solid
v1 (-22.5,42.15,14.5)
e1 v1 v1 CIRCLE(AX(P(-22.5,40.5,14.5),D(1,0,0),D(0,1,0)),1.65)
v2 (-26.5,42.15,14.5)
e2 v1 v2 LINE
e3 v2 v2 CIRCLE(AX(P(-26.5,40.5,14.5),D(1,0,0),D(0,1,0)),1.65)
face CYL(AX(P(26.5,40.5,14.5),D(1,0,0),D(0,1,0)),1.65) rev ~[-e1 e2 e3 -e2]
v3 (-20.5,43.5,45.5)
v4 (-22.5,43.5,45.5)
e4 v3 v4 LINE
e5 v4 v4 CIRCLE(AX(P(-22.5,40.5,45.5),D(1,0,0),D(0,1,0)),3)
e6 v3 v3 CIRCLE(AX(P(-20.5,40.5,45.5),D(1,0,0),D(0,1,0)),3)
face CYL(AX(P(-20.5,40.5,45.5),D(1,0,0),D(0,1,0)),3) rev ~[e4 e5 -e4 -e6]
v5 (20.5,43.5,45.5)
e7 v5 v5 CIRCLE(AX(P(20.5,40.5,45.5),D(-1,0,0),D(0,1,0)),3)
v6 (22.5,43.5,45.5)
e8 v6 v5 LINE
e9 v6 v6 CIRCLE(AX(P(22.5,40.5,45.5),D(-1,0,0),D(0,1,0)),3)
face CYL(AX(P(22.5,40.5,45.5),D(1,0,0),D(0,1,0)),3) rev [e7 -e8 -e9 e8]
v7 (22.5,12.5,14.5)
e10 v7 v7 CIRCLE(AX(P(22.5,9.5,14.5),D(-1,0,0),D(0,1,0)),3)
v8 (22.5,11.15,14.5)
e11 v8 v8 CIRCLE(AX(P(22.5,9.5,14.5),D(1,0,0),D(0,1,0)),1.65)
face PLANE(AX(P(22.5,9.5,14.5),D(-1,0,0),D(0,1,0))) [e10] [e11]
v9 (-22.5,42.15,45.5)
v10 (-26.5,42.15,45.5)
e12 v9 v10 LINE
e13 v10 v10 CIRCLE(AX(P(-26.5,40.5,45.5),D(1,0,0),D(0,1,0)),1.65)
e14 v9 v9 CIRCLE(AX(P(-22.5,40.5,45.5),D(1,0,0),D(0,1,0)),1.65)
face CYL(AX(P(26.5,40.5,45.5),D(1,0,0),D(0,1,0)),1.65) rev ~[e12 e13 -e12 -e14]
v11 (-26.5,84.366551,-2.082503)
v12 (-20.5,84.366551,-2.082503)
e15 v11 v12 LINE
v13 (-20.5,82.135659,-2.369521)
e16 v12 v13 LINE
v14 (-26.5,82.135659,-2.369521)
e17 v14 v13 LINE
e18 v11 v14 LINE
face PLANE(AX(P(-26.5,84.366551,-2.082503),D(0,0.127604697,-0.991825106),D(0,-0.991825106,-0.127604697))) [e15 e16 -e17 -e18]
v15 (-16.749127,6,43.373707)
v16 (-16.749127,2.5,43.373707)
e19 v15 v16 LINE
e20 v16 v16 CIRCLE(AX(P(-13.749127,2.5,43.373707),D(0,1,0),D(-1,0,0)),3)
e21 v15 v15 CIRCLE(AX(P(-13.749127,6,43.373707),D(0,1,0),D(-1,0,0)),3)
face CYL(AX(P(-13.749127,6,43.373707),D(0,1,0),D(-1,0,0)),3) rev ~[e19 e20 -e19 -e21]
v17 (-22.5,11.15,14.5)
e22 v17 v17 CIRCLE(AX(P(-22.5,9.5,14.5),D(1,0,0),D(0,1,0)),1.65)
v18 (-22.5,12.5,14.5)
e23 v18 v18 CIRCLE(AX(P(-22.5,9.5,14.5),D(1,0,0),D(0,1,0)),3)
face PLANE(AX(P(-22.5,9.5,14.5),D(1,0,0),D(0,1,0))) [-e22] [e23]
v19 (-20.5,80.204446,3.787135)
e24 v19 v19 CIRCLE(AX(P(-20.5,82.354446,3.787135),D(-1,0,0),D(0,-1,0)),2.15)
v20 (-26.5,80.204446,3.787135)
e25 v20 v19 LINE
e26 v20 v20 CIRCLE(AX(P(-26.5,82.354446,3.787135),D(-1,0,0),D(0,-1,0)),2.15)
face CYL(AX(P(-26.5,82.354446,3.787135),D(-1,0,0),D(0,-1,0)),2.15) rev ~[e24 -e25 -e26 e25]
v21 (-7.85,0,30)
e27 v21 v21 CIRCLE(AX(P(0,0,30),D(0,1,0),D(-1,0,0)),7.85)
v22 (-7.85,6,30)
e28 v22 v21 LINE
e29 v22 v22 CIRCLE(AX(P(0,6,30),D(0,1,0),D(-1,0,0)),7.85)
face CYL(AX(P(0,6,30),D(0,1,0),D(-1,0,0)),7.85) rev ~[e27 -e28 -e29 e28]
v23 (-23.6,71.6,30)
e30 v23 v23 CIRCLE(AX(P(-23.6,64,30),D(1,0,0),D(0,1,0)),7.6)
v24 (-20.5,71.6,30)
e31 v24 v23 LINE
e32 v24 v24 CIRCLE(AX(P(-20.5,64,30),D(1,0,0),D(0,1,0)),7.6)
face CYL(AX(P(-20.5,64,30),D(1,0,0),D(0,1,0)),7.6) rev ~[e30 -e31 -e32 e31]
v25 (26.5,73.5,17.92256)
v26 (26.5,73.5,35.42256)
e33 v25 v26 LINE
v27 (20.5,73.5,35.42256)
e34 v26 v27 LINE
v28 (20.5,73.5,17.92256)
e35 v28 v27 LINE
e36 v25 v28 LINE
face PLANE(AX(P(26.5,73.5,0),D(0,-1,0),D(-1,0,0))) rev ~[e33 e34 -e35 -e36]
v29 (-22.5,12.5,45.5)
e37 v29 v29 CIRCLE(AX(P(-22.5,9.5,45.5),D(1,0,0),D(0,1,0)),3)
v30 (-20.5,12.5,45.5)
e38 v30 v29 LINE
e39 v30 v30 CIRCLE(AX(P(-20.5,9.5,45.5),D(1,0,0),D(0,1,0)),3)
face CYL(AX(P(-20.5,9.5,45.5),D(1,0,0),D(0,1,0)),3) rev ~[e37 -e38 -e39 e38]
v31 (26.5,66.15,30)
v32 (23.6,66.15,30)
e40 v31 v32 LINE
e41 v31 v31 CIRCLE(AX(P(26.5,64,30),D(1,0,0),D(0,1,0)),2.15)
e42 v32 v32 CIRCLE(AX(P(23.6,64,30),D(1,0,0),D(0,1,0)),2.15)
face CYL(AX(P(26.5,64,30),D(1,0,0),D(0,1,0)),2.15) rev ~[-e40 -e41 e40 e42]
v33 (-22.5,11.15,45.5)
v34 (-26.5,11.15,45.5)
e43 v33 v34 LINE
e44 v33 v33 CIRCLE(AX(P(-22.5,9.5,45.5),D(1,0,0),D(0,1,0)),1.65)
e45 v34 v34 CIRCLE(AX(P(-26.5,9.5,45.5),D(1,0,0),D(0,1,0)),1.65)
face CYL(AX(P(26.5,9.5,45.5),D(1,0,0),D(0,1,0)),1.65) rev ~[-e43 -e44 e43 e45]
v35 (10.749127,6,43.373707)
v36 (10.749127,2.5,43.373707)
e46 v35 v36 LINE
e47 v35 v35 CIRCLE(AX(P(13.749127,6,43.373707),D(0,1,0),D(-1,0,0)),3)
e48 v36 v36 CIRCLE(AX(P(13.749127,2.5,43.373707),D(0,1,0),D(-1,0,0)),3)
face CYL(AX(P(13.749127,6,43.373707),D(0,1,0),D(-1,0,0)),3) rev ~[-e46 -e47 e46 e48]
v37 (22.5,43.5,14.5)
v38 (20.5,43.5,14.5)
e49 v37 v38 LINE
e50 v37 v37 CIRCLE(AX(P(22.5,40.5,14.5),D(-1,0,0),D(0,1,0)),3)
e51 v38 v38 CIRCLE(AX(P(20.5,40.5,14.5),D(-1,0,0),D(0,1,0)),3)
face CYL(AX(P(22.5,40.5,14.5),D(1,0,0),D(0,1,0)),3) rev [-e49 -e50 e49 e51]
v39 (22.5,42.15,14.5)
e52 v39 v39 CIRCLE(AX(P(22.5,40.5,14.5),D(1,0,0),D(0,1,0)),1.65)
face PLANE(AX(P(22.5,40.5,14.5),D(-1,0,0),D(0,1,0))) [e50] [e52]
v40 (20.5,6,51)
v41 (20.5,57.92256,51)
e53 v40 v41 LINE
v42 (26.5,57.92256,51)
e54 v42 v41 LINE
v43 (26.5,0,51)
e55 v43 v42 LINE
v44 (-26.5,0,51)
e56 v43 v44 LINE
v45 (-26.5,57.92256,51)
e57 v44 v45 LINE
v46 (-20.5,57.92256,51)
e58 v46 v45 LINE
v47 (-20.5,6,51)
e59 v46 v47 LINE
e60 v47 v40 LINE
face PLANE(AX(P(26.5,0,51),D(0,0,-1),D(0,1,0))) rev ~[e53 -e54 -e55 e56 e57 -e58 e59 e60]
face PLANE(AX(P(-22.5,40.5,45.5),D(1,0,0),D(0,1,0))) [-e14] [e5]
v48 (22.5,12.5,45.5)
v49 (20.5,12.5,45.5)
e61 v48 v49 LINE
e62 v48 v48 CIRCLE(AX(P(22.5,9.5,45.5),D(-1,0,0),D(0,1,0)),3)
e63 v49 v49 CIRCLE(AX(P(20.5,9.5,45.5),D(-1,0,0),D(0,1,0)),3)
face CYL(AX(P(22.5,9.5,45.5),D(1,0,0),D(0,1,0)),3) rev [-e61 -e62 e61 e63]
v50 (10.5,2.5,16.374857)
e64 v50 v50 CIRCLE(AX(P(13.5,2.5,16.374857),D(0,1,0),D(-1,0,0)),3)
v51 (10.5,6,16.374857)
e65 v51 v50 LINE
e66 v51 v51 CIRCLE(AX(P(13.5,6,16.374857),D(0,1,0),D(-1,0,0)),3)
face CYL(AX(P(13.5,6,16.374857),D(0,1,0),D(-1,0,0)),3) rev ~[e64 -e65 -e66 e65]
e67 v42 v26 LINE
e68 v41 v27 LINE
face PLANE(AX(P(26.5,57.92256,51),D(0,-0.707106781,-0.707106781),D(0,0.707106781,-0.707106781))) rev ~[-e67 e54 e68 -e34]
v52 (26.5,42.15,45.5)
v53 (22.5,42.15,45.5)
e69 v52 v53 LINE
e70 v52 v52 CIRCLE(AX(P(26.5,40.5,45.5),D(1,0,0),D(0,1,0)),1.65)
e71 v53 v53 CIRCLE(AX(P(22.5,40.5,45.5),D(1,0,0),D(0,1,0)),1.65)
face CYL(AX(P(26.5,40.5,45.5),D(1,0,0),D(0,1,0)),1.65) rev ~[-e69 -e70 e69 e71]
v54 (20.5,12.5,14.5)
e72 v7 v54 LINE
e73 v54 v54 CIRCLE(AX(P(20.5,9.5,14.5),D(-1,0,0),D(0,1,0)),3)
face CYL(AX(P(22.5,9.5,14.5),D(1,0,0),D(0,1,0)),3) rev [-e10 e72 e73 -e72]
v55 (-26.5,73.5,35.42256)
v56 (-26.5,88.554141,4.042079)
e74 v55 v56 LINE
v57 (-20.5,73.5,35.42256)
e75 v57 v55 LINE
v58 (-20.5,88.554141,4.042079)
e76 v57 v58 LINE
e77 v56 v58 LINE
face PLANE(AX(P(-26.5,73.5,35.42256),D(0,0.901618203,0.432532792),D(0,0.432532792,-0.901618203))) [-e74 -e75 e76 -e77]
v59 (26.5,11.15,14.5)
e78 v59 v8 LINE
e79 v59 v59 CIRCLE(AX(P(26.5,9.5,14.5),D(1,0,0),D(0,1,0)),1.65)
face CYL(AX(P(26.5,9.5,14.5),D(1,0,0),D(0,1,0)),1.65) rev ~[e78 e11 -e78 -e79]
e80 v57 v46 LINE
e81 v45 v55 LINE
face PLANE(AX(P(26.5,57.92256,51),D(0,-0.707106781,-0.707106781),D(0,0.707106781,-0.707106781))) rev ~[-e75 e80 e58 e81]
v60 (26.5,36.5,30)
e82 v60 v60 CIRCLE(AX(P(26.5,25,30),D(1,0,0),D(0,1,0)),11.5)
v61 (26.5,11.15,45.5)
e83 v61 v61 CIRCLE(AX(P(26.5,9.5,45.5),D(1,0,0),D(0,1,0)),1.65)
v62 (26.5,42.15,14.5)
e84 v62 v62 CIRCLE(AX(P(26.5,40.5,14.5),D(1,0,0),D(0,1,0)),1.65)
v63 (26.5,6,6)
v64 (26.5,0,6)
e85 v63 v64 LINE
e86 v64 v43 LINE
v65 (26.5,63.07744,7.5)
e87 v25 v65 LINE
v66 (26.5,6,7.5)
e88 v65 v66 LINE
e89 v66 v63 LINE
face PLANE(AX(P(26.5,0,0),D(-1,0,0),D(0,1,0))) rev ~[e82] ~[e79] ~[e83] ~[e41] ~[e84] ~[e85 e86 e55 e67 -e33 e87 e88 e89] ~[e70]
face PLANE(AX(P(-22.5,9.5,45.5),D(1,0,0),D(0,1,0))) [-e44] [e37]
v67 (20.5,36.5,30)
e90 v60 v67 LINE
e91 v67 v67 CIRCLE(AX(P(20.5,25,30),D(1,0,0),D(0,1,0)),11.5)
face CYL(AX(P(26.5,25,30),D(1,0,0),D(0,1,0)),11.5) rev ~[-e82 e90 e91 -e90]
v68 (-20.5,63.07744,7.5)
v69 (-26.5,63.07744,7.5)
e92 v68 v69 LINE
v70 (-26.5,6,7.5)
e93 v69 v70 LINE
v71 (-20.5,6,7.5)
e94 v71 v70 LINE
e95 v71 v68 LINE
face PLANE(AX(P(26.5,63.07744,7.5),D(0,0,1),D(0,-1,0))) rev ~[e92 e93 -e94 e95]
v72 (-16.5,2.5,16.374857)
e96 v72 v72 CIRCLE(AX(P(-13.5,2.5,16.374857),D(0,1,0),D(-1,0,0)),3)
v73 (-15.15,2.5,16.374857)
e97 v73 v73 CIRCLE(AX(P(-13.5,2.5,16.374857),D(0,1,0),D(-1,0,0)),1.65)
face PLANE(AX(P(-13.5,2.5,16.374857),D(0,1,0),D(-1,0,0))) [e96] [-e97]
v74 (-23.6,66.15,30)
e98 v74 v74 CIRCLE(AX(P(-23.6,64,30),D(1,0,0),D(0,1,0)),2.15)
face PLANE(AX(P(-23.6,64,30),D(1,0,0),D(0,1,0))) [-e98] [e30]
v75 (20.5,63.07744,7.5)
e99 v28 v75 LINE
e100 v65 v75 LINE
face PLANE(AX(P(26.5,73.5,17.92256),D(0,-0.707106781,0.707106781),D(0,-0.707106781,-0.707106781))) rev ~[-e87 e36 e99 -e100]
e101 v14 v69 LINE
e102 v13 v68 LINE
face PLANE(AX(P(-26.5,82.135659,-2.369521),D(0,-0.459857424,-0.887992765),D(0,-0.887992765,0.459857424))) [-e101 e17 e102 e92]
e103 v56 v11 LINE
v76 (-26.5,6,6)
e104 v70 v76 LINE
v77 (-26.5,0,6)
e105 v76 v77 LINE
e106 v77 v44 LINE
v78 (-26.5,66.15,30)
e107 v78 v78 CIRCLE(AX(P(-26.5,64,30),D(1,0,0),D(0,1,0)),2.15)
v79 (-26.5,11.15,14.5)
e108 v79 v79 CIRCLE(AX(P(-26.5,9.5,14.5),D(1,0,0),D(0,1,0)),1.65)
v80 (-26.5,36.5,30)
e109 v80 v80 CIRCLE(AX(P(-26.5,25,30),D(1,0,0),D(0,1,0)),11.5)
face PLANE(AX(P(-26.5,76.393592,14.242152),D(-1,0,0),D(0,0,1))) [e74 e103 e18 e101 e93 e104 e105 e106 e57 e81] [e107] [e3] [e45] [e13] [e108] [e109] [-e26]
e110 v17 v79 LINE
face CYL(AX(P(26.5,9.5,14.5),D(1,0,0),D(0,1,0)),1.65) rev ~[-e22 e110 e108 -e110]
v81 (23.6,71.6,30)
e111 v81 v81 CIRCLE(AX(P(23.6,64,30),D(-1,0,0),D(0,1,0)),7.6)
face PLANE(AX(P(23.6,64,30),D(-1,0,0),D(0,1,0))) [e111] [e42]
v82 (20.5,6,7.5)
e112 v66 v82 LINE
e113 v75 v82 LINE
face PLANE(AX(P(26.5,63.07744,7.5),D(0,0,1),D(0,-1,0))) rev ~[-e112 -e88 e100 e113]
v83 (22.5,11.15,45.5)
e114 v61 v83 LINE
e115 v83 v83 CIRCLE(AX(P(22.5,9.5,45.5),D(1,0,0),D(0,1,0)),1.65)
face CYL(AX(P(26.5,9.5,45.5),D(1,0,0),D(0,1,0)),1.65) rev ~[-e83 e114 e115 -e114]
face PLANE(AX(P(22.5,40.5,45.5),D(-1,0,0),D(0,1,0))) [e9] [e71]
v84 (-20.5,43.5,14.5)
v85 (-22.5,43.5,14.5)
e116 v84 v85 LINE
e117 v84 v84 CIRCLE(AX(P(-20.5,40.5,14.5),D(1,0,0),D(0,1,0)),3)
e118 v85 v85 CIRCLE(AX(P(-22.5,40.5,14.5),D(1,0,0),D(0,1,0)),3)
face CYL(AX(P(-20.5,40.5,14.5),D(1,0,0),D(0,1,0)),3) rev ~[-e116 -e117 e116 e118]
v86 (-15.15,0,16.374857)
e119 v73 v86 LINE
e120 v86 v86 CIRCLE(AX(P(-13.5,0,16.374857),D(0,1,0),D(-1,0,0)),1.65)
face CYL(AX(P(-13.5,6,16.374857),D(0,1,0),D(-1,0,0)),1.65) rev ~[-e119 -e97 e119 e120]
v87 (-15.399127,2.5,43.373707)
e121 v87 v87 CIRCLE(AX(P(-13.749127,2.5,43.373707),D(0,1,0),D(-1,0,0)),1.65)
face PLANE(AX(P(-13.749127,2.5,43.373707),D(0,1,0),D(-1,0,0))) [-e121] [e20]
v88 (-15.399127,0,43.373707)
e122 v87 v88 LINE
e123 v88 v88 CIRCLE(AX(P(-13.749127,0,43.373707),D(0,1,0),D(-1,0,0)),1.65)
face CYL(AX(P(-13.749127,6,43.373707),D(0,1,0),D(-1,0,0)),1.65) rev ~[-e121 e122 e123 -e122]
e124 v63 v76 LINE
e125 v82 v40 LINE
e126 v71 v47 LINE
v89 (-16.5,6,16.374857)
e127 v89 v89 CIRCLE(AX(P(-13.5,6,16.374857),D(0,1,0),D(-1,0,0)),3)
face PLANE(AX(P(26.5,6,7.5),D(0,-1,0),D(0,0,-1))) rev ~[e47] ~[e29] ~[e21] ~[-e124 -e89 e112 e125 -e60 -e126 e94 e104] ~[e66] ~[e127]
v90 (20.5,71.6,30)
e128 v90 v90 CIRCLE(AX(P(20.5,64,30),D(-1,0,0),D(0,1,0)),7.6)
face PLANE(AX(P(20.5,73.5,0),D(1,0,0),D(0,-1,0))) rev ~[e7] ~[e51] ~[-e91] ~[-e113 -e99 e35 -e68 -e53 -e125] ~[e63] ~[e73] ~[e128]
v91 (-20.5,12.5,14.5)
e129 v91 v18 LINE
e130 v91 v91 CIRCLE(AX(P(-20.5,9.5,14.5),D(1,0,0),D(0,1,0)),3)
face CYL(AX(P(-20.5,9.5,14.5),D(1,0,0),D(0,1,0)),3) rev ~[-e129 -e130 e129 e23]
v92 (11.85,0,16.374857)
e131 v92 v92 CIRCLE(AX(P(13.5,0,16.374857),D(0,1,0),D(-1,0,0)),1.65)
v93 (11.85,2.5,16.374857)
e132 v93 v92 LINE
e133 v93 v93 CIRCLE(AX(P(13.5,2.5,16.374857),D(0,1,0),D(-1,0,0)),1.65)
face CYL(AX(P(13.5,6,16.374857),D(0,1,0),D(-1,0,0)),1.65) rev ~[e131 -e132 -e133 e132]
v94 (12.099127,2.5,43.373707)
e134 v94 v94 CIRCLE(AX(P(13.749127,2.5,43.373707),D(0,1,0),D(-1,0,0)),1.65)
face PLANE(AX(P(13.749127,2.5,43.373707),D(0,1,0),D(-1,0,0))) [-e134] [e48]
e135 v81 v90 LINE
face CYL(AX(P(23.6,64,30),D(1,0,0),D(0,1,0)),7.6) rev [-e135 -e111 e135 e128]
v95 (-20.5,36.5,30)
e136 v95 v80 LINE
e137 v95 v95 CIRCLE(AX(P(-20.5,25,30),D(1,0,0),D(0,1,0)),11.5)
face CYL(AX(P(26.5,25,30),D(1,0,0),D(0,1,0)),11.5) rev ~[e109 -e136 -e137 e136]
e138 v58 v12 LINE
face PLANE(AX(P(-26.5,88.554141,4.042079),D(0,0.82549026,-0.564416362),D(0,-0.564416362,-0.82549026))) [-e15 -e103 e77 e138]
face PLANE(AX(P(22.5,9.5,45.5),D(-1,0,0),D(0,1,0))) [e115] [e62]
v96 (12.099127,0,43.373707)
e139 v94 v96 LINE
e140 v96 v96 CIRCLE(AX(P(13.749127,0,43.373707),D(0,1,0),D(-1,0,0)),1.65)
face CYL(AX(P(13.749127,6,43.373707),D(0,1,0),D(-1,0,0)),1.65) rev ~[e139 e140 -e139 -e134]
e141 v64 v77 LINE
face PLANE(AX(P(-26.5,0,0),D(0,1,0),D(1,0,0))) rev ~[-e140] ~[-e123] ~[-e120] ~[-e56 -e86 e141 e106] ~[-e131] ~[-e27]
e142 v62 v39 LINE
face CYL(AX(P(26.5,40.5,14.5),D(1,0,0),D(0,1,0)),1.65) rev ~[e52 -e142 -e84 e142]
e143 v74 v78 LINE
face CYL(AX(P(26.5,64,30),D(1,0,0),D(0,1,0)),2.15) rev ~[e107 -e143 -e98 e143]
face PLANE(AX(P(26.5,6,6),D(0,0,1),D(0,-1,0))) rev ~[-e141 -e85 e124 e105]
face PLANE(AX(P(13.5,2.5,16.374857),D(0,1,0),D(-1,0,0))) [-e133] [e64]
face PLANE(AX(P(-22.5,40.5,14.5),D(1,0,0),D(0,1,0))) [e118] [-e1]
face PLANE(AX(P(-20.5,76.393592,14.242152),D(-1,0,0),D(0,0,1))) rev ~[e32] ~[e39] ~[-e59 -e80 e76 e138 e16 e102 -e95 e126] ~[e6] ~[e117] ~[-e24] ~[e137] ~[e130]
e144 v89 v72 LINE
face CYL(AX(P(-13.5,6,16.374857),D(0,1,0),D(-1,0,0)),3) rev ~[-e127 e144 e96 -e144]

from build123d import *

# Parameters (mm, degrees)
EXTRUDE_1_DEPTH     = 64
SKETCH_2_R          = 7.85
SKETCH_2_R_2        = 1.65
CUT_EXTRUDE_1_DEPTH = 20
SKETCH_3_R          = 3
CUT_EXTRUDE_2_DEPTH = 3.5
CUT_EXTRUDE_3_DEPTH = 111.938045773
SKETCH_5_R          = 11.5
SKETCH_5_R_2        = 1.65
SKETCH_5_R_3        = 2.15
CUT_EXTRUDE_4_DEPTH = 104.981969591
SKETCH_6_R          = 7.6
CUT_EXTRUDE_5_DEPTH = 3.1
CUT_EXTRUDE_START   = -3.1
SKETCH_7_R          = 7.6
CUT_EXTRUDE_6_DEPTH = 3.1
SKETCH_10_R         = 2.15
EXTRUDE_3_DEPTH     = 6
SKETCH_11_R         = 3
CUT_EXTRUDE_7_DEPTH = 2
CUT_EXTRUDE_START_2 = -2
SKETCH_12_R         = 3
CUT_EXTRUDE_8_DEPTH = 2


with BuildPart() as part:
    # 草图1 → 凸台-拉伸1 (new body)
    with BuildSketch(Plane.XY):
        Polygon((-20.5, 73.5), (-26.5, 73.5), (-26.5, 0), (26.5, 0), (26.5, 73.5), (20.5, 73.5), (20.5, 6), (-20.5, 6), align=None)
    extrude(amount=EXTRUDE_1_DEPTH)

    # 草图2 → 切除-拉伸1 (cut)
    with BuildSketch(Plane(origin=(0, 6, 0), x_dir=(1, 0, 0), z_dir=(0, 1, 0))):
        with Locations(Location((0, -30, 0), (0, 0, 180))):
            Circle(SKETCH_2_R)
        with Locations(Location((-13.5, -16.374856692, 0), (0, 0, 180))):
            Circle(SKETCH_2_R_2)
        with Locations(Location((-13.749126603, -43.373707333, 0), (0, 0, 180))):
            Circle(SKETCH_2_R_2)
        with Locations(Location((13.749126603, -43.373707333, 0), (0, 0, 180))):
            Circle(SKETCH_2_R_2)
        with Locations(Location((13.5, -16.374856692, 0), (0, 0, 180))):
            Circle(SKETCH_2_R_2)
    extrude(amount=-CUT_EXTRUDE_1_DEPTH, mode=Mode.SUBTRACT)

    # 草图3 → 切除-拉伸2 (cut)
    with BuildSketch(Plane(origin=(0, 6, 0), x_dir=(1, 0, 0), z_dir=(0, 1, 0))):
        with Locations(Location((-13.5, -16.374856692, 0), (0, 0, 180))):
            Circle(SKETCH_3_R)
        with Locations(Location((13.5, -16.374856692, 0), (0, 0, 180))):
            Circle(SKETCH_3_R)
        with Locations(Location((13.749126603, -43.373707333, 0), (0, 0, 180))):
            Circle(SKETCH_3_R)
        with Locations(Location((-13.749126603, -43.373707333, 0), (0, 0, 180))):
            Circle(SKETCH_3_R)
    extrude(amount=-CUT_EXTRUDE_2_DEPTH, mode=Mode.SUBTRACT)

    # 草图4 → 切除-拉伸3 (cut, through all)
    with BuildSketch(Plane(origin=(26.5, 0, 0), x_dir=(0, 0, -1), z_dir=(1, 0, 0))):
        Polygon((-64, 0), (-51, 0), (-51, 57.922560455), (-35.422560455, 73.5), (-64, 73.5), align=None)
        Polygon((-6, 6), (-6, 0), (0, 0), (0, 73.5), (-17.922560455, 73.5), (-7.5, 63.077439545), (-7.5, 6), align=None)
    extrude(amount=-CUT_EXTRUDE_3_DEPTH, mode=Mode.SUBTRACT)

    # 草图5 → 切除-拉伸4 (cut, through all)
    with BuildSketch(Plane(origin=(26.5, 0, 0), x_dir=(0, 0, -1), z_dir=(1, 0, 0))):
        with Locations(Location((-30, 25, 0), (0, 0, 90))):
            Circle(SKETCH_5_R)
        with Locations(Location((-45.5, 9.5, 0), (0, 0, 90))):
            Circle(SKETCH_5_R_2)
        with Locations(Location((-14.5, 9.5, 0), (0, 0, 90))):
            Circle(SKETCH_5_R_2)
        with Locations(Location((-14.5, 40.5, 0), (0, 0, 90))):
            Circle(SKETCH_5_R_2)
        with Locations(Location((-45.5, 40.5, 0), (0, 0, 90))):
            Circle(SKETCH_5_R_2)
        with Locations(Location((-30, 64, 0), (0, 0, 90))):
            Circle(SKETCH_5_R_3)
    extrude(amount=-CUT_EXTRUDE_4_DEPTH, mode=Mode.SUBTRACT)

    # 草图6 → 切除-拉伸5 (cut)
    with BuildSketch(Plane(origin=(-20.5, 0, 0), x_dir=(0, 0, -1), z_dir=(1, 0, 0))):
        with Locations(Location((-30, 64, 0), (0, 0, 90))):
            Circle(SKETCH_6_R)
    extrude(amount=-CUT_EXTRUDE_5_DEPTH, mode=Mode.SUBTRACT)

    # 草图7 → 切除-拉伸6 (cut)
    with BuildSketch(Plane.ZY.offset(-20.5).offset(CUT_EXTRUDE_START)):
        with Locations(Location((30, 64, 0), (0, 0, 90))):
            Circle(SKETCH_7_R)
    extrude(amount=CUT_EXTRUDE_6_DEPTH, mode=Mode.SUBTRACT)

    # 草图10 → 凸台-拉伸3 (add)
    with BuildSketch(Plane.ZY.offset(26.5)):
        Polygon((35.422560455, 73.5), (4.042079148, 88.554140582), (-2.082502765, 84.366551206), (-2.369521453, 82.13565887), (7.5, 63.077439545), (17.922560455, 73.5), align=None)
        with Locations(Location((3.787134583, 82.354445963, 0), (0, 0, 270))):
            Circle(SKETCH_10_R, mode=Mode.SUBTRACT)
    extrude(amount=-EXTRUDE_3_DEPTH)

    # 草图11 → 切除-拉伸7 (cut)
    with BuildSketch(Plane(origin=(-20.5, 0, 0), x_dir=(0, 0, -1), z_dir=(1, 0, 0))):
        with Locations(Location((-45.5, 40.5, 0), (0, 0, 90))):
            Circle(SKETCH_11_R)
        with Locations(Location((-14.5, 40.5, 0), (0, 0, 90))):
            Circle(SKETCH_11_R)
        with Locations(Location((-45.5, 9.5, 0), (0, 0, 90))):
            Circle(SKETCH_11_R)
        with Locations(Location((-14.5, 9.5, 0), (0, 0, 90))):
            Circle(SKETCH_11_R)
    extrude(amount=-CUT_EXTRUDE_7_DEPTH, mode=Mode.SUBTRACT)

    # 草图12 → 切除-拉伸8 (cut)
    with BuildSketch(Plane.ZY.offset(-20.5).offset(CUT_EXTRUDE_START_2)):
        with Locations(Location((14.5, 40.5, 0), (0, 0, 90))):
            Circle(SKETCH_12_R)
        with Locations(Location((45.5, 40.5, 0), (0, 0, 90))):
            Circle(SKETCH_12_R)
        with Locations(Location((45.5, 9.5, 0), (0, 0, 90))):
            Circle(SKETCH_12_R)
        with Locations(Location((14.5, 9.5, 0), (0, 0, 90))):
            Circle(SKETCH_12_R)
    extrude(amount=CUT_EXTRUDE_8_DEPTH, mode=Mode.SUBTRACT)


solid = part.part
